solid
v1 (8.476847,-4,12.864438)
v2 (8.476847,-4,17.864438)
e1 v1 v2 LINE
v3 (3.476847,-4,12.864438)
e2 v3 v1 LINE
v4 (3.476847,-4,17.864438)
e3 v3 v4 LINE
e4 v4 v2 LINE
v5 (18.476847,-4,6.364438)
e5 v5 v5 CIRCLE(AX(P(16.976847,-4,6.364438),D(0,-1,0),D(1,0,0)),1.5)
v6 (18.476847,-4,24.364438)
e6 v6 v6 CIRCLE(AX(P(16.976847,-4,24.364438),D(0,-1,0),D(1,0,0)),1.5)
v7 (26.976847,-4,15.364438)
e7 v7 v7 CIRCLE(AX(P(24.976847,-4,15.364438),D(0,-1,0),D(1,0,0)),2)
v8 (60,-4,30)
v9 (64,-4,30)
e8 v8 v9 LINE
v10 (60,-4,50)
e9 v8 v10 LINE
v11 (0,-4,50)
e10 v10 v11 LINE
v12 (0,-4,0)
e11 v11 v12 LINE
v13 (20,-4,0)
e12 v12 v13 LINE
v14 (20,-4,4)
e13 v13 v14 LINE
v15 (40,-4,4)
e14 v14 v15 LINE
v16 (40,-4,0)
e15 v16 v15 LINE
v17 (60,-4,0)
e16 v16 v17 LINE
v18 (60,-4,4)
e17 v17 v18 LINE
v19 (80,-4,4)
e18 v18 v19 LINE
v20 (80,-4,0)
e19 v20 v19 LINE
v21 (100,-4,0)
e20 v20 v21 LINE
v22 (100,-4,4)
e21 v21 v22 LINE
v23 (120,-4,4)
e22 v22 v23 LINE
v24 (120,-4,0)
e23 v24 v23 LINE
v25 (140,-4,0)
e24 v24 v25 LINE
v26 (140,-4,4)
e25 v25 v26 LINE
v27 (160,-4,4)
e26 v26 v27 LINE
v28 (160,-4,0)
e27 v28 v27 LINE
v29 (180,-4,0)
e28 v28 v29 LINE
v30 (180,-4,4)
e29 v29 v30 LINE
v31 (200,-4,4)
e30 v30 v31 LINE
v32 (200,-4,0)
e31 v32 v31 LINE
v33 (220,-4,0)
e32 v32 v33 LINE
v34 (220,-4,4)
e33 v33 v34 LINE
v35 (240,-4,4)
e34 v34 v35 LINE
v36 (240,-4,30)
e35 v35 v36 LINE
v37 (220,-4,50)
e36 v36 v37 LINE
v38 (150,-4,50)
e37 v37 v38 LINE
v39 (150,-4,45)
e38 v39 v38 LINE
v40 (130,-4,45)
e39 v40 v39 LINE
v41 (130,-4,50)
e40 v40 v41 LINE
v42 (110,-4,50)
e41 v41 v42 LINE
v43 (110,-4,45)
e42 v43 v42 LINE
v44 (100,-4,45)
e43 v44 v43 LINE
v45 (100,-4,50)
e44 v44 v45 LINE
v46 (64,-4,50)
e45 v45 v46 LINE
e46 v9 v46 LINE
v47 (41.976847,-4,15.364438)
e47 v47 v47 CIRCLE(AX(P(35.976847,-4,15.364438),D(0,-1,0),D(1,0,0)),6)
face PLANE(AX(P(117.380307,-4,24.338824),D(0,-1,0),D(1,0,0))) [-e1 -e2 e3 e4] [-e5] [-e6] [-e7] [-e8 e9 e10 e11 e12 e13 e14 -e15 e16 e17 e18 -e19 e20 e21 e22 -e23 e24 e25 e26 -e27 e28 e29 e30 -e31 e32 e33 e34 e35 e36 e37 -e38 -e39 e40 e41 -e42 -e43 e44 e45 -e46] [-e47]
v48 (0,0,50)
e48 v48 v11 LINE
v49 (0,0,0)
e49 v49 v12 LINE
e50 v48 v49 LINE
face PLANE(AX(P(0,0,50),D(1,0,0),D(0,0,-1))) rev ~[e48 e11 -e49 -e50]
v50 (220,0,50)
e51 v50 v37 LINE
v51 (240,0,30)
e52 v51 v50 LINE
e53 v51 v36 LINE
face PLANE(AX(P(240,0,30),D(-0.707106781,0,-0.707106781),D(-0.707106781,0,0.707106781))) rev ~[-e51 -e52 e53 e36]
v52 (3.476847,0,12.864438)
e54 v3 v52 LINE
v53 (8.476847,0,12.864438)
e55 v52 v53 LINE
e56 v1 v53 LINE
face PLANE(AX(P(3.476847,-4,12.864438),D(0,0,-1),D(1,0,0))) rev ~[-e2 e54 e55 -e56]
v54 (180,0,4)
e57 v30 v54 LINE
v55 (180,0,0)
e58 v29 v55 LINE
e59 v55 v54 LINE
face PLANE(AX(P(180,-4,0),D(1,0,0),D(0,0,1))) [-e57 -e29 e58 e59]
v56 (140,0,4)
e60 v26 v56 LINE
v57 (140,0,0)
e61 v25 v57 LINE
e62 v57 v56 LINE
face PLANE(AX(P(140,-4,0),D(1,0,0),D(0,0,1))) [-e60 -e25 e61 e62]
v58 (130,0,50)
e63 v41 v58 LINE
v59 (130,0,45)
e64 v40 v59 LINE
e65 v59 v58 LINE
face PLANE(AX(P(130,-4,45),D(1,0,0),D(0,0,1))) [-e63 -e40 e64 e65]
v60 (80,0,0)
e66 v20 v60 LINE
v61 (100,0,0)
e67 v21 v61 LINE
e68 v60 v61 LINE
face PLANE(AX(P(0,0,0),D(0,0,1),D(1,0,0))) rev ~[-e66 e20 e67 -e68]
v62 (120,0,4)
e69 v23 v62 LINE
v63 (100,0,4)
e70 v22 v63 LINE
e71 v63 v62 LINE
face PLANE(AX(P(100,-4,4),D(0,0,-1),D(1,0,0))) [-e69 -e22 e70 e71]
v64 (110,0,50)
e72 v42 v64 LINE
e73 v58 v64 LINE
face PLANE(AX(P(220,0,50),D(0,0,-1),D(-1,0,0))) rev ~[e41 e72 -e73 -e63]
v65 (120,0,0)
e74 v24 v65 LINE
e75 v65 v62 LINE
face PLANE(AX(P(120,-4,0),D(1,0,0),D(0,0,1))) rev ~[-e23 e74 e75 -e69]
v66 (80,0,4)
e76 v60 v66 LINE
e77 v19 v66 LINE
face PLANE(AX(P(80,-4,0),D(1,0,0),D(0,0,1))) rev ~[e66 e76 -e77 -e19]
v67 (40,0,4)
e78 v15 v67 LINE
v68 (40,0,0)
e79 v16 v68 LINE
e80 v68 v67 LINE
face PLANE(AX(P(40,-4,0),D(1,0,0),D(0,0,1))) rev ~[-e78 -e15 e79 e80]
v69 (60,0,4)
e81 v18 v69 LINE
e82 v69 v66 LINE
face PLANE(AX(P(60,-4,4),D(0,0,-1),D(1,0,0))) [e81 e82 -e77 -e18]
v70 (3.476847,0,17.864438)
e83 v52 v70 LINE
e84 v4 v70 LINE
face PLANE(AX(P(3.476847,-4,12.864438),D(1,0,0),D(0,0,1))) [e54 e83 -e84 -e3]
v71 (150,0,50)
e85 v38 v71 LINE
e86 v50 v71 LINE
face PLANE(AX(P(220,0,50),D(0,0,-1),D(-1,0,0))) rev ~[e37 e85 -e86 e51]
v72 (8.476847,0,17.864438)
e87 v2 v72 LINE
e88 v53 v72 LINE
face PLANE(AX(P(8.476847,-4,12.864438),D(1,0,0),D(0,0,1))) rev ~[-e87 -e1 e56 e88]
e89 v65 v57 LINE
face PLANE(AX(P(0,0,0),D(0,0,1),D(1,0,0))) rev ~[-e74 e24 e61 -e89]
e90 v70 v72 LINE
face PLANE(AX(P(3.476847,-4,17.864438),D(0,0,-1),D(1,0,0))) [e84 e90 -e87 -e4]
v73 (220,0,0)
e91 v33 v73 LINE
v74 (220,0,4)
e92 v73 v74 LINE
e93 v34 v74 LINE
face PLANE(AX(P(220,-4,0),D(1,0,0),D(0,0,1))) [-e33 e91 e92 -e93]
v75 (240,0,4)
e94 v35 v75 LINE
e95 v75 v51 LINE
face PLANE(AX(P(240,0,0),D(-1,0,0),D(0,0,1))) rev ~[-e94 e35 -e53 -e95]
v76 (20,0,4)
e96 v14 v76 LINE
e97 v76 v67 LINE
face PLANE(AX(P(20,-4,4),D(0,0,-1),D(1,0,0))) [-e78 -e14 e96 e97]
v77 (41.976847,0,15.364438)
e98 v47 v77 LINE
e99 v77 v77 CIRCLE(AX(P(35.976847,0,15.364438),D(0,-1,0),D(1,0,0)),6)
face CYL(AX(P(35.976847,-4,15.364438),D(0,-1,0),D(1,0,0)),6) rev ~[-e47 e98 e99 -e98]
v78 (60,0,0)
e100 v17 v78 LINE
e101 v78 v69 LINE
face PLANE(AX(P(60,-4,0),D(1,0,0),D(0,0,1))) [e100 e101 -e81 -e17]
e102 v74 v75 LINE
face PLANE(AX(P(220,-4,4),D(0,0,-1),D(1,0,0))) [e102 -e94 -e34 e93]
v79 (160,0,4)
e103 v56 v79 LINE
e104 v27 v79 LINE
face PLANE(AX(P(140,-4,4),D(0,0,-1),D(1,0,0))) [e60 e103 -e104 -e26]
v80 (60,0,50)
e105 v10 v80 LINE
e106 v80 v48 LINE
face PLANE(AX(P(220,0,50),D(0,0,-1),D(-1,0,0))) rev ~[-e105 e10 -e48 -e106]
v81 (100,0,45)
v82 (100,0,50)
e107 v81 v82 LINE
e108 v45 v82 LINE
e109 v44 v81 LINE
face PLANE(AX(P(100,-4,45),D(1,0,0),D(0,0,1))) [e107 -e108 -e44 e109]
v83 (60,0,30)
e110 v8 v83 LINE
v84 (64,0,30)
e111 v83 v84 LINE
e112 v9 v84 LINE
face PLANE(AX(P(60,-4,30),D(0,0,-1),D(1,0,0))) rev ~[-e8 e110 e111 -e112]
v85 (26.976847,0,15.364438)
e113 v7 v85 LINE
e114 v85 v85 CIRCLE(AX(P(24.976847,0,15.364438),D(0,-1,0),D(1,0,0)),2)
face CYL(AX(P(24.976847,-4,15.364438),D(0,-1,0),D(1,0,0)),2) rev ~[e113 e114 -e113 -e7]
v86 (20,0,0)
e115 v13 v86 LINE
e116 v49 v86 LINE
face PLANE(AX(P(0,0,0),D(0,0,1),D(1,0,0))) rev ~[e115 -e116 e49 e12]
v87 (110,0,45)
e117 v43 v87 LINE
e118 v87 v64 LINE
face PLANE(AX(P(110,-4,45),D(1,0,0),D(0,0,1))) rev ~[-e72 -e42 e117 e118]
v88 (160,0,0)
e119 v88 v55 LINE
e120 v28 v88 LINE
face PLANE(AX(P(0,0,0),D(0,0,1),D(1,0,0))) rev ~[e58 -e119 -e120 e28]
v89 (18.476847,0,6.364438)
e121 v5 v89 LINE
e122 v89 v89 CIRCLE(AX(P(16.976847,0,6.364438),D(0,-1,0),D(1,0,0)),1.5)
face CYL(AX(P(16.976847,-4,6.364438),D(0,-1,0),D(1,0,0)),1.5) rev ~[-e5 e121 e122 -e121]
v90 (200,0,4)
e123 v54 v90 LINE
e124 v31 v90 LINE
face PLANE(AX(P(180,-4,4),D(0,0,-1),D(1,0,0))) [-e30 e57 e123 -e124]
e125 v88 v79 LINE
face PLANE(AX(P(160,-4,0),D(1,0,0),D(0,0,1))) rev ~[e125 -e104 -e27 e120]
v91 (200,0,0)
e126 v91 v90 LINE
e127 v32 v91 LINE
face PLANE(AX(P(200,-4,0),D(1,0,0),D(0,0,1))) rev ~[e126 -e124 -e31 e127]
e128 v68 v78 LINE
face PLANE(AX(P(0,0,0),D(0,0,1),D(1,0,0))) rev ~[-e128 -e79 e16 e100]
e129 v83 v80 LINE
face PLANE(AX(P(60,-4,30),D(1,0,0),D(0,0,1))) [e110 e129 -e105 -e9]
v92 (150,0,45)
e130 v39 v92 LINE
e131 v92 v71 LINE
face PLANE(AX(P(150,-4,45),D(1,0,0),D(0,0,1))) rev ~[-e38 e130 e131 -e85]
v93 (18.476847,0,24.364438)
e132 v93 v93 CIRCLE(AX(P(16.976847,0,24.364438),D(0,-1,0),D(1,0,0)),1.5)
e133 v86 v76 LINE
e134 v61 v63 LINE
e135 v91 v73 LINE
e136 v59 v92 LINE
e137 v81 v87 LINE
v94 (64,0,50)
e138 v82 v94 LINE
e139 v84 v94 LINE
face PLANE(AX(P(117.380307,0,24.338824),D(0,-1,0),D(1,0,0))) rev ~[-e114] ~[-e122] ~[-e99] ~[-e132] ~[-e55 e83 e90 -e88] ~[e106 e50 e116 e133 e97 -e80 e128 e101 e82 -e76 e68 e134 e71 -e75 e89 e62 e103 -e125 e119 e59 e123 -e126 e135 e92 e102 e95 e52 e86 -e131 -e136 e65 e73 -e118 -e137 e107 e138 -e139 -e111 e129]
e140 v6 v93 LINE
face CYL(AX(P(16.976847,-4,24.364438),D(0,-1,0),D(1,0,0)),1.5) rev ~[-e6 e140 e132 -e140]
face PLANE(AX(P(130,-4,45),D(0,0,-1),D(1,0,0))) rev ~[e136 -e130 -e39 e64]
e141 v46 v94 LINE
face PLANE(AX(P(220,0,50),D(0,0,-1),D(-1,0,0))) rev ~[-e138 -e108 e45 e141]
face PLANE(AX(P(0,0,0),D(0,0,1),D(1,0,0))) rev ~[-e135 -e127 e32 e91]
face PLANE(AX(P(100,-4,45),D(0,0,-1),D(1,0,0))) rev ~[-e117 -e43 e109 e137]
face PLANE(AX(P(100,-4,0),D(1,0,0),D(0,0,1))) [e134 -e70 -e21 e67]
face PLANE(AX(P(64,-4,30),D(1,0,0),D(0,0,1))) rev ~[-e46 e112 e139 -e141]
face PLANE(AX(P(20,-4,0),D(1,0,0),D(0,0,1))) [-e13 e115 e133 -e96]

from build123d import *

# Parameters (mm, degrees)
PAD_DEPTH       = 4
SKETCH001_R     = 1.5
SKETCH001_R_2   = 2
SKETCH001_R_3   = 6
SKETCH001_W     = 5
SKETCH001_H     = 5
SKETCH001_W_2   = 10
SKETCH001_W_3   = 20
POCKET_DEPTH    = 5
SKETCH002_W     = 20
SKETCH002_H     = 4
POCKET001_DEPTH = 5
SKETCH003_W     = 4
SKETCH003_H     = 20
POCKET002_DEPTH = 5


with BuildPart() as part:
    # Sketch → Pad (new body)
    with BuildSketch(Plane.XZ):
        Polygon((0, 0), (240, 0), (240, 30), (220, 50), (0, 50), align=None)
    extrude(amount=PAD_DEPTH)

    # Sketch001 (on Face7 of Pad) → Pocket (cut)
    with BuildSketch(Plane.XZ.offset(4)):
        with Locations((16.976847, 24.364438)):
            Circle(SKETCH001_R)
        with Locations((24.976847, 15.364438)):
            Circle(SKETCH001_R_2)
        with Locations((35.976847, 15.364438)):
            Circle(SKETCH001_R_3)
        with Locations((16.976847, 6.364438)):
            Circle(SKETCH001_R)
        with Locations((5.976847, 15.364438)):
            Rectangle(SKETCH001_W, SKETCH001_H)
        with Locations((105, 47.5)):
            Rectangle(SKETCH001_W_2, SKETCH001_H)
        with Locations((140, 47.5)):
            Rectangle(SKETCH001_W_3, SKETCH001_H)
    extrude(amount=-POCKET_DEPTH, mode=Mode.SUBTRACT)

    # Sketch002 (on Face5 of Pocket) → Pocket001 (cut)
    with BuildSketch(Plane.XZ.offset(4)):
        with Locations((30, 2)):
            Rectangle(SKETCH002_W, SKETCH002_H)
        with Locations((70, 2)):
            Rectangle(SKETCH002_W, SKETCH002_H)
        with Locations((110, 2)):
            Rectangle(SKETCH002_W, SKETCH002_H)
        with Locations((150, 2)):
            Rectangle(SKETCH002_W, SKETCH002_H)
        with Locations((190, 2)):
            Rectangle(SKETCH002_W, SKETCH002_H)
        with Locations((230, 2)):
            Rectangle(SKETCH002_W, SKETCH002_H)
    extrude(amount=-POCKET001_DEPTH, mode=Mode.SUBTRACT)

    # Sketch003 (on Face4 of Pocket001) → Pocket002 (cut)
    with BuildSketch(Plane.XZ.offset(4)):
        with Locations((62, 40)):
            Rectangle(SKETCH003_W, SKETCH003_H)
    extrude(amount=-POCKET002_DEPTH, mode=Mode.SUBTRACT)


solid = part.part
